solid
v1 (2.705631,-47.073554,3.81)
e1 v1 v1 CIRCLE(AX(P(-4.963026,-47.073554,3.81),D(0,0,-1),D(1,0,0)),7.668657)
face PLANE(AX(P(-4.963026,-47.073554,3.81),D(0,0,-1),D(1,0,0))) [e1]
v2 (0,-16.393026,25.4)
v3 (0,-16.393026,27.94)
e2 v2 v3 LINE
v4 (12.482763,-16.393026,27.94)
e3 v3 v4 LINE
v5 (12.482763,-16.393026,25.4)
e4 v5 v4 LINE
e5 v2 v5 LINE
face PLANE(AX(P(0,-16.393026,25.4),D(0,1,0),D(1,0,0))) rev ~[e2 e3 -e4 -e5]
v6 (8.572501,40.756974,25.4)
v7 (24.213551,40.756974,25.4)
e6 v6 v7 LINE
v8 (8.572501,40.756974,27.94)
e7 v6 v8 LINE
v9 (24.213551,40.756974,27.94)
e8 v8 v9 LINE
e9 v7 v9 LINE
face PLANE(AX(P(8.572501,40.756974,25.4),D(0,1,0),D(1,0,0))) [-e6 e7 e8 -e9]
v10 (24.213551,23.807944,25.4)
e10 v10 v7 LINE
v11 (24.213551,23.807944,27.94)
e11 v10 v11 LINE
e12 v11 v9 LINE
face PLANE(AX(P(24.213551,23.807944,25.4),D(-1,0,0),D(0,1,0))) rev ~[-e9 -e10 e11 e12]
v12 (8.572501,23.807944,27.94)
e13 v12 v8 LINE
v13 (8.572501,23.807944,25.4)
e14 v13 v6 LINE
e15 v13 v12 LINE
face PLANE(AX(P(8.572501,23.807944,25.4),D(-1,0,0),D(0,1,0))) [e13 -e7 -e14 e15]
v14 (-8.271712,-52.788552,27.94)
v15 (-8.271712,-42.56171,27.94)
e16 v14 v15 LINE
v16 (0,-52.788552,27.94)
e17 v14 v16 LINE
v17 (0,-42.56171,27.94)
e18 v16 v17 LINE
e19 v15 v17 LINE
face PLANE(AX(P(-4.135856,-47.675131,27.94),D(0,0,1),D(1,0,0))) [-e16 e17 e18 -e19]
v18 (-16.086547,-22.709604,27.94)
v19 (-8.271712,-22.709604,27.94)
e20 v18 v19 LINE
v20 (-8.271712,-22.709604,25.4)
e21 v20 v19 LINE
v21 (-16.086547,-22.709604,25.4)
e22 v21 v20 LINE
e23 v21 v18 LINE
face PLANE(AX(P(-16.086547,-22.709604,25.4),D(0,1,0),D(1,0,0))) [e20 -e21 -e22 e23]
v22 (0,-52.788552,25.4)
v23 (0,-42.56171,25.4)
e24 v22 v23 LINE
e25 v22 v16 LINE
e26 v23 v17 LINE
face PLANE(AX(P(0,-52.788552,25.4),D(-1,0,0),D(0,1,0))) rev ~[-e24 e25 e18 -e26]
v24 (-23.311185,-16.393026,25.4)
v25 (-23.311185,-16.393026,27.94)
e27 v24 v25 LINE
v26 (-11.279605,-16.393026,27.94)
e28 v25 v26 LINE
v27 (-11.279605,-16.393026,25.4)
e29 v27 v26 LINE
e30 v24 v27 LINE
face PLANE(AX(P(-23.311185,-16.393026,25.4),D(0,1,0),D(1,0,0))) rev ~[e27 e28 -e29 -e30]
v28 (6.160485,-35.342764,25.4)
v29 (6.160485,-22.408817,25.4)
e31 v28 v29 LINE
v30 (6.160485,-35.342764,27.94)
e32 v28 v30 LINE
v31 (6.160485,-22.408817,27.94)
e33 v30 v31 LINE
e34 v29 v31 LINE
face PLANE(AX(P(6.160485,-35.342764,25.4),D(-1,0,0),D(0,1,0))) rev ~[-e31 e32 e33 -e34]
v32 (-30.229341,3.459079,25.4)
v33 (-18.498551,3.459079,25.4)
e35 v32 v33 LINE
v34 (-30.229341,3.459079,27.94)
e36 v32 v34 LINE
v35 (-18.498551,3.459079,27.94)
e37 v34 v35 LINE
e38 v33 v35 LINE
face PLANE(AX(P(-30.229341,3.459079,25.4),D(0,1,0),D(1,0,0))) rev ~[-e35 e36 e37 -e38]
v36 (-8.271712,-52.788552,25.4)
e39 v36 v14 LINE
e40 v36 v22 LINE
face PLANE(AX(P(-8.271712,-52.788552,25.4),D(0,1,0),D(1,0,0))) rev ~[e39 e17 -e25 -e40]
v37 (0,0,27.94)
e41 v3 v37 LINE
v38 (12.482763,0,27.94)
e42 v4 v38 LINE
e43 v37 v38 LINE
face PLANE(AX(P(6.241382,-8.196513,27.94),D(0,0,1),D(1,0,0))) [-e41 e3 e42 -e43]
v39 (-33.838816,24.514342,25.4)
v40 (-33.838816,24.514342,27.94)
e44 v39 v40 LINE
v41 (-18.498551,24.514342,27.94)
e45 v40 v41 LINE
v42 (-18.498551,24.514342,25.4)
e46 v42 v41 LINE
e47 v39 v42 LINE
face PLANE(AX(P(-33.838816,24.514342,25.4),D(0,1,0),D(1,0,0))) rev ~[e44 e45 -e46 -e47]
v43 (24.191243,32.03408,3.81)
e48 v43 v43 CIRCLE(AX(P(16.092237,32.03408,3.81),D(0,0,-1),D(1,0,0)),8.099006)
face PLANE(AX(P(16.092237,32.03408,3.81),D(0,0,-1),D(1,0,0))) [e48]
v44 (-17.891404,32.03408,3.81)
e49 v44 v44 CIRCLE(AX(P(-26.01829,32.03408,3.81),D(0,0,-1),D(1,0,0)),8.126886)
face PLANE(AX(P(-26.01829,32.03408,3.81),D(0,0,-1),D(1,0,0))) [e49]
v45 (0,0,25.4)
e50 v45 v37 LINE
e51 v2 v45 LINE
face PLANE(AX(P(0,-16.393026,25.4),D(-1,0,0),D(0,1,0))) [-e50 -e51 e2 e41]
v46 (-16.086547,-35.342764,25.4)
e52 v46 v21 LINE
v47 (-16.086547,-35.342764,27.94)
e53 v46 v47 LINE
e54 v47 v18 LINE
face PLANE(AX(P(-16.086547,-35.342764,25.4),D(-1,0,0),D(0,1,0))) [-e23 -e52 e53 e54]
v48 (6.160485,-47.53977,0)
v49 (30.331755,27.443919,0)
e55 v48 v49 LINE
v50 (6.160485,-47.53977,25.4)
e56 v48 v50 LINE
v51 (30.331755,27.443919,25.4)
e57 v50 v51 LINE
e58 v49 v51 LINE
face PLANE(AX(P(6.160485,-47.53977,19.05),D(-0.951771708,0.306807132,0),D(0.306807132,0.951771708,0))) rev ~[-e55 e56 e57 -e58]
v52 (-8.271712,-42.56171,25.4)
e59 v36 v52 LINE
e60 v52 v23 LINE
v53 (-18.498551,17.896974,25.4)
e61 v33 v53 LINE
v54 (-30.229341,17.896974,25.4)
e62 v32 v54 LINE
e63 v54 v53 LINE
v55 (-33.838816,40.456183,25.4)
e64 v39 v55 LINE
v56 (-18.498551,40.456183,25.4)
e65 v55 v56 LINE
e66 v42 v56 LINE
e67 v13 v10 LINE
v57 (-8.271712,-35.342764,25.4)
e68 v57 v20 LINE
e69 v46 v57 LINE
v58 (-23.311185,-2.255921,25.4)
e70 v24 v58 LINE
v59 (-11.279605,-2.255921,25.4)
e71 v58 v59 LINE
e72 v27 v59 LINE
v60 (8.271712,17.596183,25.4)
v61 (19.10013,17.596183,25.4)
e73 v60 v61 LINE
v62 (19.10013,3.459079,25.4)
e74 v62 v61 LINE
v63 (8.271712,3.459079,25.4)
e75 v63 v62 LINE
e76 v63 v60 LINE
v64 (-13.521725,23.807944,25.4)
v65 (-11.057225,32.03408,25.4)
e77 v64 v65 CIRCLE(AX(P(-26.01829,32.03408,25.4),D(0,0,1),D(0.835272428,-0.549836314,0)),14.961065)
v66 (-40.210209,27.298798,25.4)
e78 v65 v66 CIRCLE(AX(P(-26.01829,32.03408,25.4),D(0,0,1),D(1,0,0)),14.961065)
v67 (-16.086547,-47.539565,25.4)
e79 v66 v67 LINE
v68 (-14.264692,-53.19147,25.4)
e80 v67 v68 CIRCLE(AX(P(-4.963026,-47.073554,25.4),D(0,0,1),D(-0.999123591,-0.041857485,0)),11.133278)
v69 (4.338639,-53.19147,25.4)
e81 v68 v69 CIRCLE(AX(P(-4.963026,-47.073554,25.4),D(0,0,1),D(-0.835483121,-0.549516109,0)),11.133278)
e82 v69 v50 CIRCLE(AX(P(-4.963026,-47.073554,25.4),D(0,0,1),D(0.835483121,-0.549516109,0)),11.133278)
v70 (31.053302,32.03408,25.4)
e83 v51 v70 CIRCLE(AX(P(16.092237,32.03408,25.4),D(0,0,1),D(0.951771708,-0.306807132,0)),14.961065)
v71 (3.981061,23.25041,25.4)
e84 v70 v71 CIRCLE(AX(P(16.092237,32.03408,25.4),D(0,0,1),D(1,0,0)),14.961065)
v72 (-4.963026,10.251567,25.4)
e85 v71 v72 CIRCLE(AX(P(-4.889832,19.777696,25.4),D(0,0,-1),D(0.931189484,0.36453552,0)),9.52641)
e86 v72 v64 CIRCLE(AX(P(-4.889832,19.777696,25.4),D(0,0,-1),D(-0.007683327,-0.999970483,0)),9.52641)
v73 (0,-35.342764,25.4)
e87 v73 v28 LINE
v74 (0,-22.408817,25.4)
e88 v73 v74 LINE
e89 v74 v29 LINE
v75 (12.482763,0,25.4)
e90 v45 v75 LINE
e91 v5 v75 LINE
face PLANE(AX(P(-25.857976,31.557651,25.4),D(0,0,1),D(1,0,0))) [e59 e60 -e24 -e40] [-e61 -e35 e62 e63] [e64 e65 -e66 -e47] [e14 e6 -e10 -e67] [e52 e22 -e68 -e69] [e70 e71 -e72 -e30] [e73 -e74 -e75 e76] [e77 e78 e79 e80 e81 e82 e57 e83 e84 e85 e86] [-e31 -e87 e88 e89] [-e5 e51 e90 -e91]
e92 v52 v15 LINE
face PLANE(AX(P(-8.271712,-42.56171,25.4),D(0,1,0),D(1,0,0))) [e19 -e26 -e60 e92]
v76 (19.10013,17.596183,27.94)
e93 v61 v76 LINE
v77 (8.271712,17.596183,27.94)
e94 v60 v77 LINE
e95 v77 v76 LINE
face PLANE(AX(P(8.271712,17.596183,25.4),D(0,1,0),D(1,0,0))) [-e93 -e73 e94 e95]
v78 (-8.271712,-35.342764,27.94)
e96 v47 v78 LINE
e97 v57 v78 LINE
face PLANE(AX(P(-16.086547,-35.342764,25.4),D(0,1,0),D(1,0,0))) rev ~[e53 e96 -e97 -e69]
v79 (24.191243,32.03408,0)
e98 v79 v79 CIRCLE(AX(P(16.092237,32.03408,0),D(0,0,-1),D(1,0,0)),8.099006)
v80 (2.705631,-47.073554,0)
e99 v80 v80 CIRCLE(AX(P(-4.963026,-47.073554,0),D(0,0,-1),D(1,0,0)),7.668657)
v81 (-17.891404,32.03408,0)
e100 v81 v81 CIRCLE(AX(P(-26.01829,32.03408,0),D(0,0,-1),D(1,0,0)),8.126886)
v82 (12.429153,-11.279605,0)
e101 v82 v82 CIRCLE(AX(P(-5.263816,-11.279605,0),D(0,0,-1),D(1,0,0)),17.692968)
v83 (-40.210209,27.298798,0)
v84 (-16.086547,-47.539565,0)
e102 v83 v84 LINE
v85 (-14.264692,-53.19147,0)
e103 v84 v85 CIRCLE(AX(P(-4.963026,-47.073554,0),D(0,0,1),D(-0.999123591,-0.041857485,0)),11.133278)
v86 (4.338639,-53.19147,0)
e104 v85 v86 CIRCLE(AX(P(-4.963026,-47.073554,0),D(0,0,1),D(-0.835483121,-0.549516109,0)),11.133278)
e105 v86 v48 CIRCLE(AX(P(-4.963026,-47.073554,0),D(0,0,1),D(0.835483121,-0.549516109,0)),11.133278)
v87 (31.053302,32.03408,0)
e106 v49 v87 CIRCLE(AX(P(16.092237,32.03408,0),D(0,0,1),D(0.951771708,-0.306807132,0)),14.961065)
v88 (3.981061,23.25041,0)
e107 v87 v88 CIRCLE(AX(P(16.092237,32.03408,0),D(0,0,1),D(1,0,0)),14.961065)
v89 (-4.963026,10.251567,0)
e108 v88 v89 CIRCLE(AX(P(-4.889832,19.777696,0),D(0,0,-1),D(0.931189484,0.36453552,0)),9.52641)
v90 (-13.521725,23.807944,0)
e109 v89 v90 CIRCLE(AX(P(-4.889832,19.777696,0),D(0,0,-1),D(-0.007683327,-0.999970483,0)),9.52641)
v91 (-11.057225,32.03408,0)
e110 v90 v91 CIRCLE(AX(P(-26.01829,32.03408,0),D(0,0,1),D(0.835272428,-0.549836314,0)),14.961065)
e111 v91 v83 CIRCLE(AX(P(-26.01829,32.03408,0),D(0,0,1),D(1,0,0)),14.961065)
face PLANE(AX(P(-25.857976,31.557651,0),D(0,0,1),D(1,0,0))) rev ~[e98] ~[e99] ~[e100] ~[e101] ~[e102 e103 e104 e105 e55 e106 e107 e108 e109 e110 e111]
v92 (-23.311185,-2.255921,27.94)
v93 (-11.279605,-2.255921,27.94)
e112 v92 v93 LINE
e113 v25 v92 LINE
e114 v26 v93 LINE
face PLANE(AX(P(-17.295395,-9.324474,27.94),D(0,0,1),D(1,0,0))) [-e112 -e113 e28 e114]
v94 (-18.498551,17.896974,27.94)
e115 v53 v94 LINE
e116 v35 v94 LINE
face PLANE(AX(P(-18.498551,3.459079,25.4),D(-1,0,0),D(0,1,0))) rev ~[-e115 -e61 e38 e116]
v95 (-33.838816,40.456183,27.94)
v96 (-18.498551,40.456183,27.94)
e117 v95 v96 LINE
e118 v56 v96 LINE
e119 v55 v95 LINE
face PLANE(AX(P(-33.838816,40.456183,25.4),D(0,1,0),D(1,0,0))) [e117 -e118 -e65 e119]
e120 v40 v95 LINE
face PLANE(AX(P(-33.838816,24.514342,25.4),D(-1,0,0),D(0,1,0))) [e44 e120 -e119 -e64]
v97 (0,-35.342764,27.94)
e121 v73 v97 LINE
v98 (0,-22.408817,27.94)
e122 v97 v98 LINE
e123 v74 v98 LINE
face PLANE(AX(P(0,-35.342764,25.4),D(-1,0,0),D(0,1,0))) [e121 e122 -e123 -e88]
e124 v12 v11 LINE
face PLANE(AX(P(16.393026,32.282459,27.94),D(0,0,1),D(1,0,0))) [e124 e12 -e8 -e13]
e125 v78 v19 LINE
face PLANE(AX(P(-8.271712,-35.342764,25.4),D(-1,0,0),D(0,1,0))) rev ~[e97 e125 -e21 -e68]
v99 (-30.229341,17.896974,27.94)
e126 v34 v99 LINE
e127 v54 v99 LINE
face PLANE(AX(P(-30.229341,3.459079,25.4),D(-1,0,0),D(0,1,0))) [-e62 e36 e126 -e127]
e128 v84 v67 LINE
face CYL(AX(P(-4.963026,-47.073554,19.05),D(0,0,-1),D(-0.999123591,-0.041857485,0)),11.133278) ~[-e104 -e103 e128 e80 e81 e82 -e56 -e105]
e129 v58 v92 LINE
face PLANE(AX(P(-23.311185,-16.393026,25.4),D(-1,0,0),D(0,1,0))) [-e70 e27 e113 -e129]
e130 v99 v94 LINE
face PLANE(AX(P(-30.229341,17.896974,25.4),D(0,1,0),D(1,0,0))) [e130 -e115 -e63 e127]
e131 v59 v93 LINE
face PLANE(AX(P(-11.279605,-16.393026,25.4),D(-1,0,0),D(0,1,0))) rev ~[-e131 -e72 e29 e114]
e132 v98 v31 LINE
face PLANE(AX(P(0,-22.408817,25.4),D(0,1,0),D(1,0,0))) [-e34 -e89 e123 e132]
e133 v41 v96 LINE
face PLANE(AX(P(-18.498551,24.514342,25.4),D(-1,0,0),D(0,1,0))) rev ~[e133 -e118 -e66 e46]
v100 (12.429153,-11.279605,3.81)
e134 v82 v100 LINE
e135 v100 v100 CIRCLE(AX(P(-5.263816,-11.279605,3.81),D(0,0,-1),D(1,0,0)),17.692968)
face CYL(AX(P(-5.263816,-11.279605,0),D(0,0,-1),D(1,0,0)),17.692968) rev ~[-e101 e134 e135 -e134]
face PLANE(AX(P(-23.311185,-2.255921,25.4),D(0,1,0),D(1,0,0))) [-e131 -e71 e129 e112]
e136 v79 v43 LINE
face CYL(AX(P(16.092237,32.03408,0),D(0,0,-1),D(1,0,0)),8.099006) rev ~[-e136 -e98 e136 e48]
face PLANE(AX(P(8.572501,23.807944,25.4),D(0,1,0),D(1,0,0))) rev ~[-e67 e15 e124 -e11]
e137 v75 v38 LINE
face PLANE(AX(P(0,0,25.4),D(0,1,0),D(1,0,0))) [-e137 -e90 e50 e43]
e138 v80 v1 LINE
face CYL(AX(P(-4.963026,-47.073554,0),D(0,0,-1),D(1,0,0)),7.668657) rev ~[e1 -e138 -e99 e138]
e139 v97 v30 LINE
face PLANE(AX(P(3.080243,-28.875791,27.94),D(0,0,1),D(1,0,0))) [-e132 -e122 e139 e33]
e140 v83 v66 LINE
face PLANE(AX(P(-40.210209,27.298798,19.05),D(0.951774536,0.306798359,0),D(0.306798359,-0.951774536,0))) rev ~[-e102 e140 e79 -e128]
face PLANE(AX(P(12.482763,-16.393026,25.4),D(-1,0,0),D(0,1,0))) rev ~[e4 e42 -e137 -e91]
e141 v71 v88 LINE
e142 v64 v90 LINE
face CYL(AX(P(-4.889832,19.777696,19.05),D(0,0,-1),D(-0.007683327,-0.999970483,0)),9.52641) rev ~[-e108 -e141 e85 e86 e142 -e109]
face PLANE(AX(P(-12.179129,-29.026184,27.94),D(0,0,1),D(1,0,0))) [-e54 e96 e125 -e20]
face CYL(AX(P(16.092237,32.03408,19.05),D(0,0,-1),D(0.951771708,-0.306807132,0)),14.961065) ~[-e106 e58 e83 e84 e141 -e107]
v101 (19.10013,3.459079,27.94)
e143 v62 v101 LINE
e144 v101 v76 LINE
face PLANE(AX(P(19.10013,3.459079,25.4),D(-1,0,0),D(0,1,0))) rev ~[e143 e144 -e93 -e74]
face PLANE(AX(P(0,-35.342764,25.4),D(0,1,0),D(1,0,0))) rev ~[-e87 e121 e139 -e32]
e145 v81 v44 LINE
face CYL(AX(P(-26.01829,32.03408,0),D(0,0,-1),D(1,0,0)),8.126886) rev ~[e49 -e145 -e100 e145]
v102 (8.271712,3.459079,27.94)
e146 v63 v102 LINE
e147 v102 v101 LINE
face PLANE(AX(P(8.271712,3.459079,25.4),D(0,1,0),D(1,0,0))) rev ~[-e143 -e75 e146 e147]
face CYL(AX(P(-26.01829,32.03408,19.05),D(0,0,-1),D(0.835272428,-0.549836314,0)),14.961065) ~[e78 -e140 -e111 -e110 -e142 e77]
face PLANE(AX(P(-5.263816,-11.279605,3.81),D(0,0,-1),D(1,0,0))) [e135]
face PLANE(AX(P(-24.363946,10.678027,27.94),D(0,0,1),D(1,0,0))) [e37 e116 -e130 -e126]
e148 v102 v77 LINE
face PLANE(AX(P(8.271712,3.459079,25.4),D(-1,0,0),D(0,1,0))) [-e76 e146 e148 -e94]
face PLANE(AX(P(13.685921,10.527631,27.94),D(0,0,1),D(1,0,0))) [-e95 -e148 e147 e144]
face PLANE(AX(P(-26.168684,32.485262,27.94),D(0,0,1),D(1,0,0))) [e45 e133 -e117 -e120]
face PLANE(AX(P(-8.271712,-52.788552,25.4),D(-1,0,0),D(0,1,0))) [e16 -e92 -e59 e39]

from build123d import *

# Parameters (mm, degrees)
F1_DEPTH = 19.05
F2_R     = 8.1268855098
F2_R_2   = 8.0990060786
F2_R_3   = 7.6686570694
F2_R_4   = 17.6929682903
F3_DEPTH = 3.81
F4_DEPTH = 6.35
F5_W     = 15.3402648866
F5_H     = 15.9418415278
F5_W_2   = 11.7307901382
F5_H_2   = 14.437895501
F5_W_3   = 12.0315793902
F5_H_3   = 14.1371053178
F5_W_4   = 7.8148348501
F5_H_4   = 12.6331597567
F5_W_5   = 8.2717118785
F5_H_5   = 10.226842016
F5_W_6   = 6.1604853713
F5_H_6   = 12.9339471459
F5_W_7   = 12.4827632681
F5_H_7   = 16.393026337
F5_W_8   = 10.8284177259
F5_H_8   = 14.1371043865
F5_W_9   = 15.6410494819
F5_H_9   = 16.9490305329
F6_DEPTH = 2.54


with BuildPart() as f1:
    # F0 (on Top) → F1 (new body)
    with BuildSketch(Plane.XY):
        with BuildLine():
            ThreePointArc((-13.5217250534, 23.8079438364), (-11.6865877588, 27.7403908158), (-11.0572251912, 32.0340804756))
            ThreePointArc((-11.0572251912, 32.0340804756), (-28.416960574, 46.8016068241), (-40.2102085436, 27.2987980688))
            ThreePointArc((-40.2102085436, 27.2987980688), (-27.9586692008, 17.1993784674), (-13.5217250534, 23.8079438364))
        make_face()
        with BuildLine():
            ThreePointArc((-13.5217250534, 23.8079438364), (-27.9586692008, 17.1993784674), (-40.2102085436, 27.2987980688))
            Line((-40.2102085436, 27.2987980688), (-16.0865467286, -47.5395652548))
            ThreePointArc((-16.0865467286, -47.5395652548), (-12.9985133333, -39.3676590618), (-4.963026382, -35.9402766009))
            Line((-4.963026382, -35.9402766009), (-4.963026382, 10.2515674402))
            ThreePointArc((-4.963026382, 10.2515674402), (-12.9451700449, 14.6920290982), (-13.5217250534, 23.8079438364))
        make_face()
        with BuildLine():
            Line((-14.2646919421, -53.1914696578), (-16.0865467286, -47.5395652548))
            ThreePointArc((-16.0865467286, -47.5395652548), (-15.5593965471, -50.4892255554), (-14.2646919421, -53.1914696578))
        make_face()
        with BuildLine():
            ThreePointArc((-4.963026382, -35.9402766009), (-12.9985133333, -39.3676590618), (-16.0865467286, -47.5395652548))
            Line((-16.0865467286, -47.5395652548), (-14.2646919421, -53.1914696578))
            ThreePointArc((-14.2646919421, -53.1914696578), (-4.963026382, -58.2068318943), (4.3386391781, -53.1914696578))
            Line((4.3386391781, -53.1914696578), (6.1604853713, -47.5397703272))
            ThreePointArc((6.1604853713, -47.5397703272), (6.1678095236, -47.3067134237), (6.1702512647, -47.0735542476))
            ThreePointArc((6.1702512647, -47.0735542476), (2.9093897388, -39.2011381268), (-4.963026382, -35.9402766009))
        make_face()
        with BuildLine():
            ThreePointArc((3.9810605477, 23.2504104806), (2.9582476584, 14.377684043), (-4.963026382, 10.2515674402))
            Line((-4.963026382, 10.2515674402), (-4.963026382, -35.9402766009))
            ThreePointArc((-4.963026382, -35.9402766009), (2.9093897388, -39.2011381268), (6.1702512647, -47.0735542476))
            ThreePointArc((6.1702512647, -47.0735542476), (6.1678095236, -47.3067134237), (6.1604853713, -47.5397703272))
            Line((6.1604853713, -47.5397703272), (30.331755145, 27.443919136))
            ThreePointArc((30.331755145, 27.443919136), (18.4435852345, 17.2589453635), (3.9810605477, 23.2504104806))
        make_face()
        with BuildLine():
            ThreePointArc((31.0533017431, 32.0340804756), (11.4750214501, 46.2648490943), (3.9810605477, 23.2504104806))
            ThreePointArc((3.9810605477, 23.2504104806), (18.4435852345, 17.2589453635), (30.331755145, 27.443919136))
            ThreePointArc((30.331755145, 27.443919136), (30.8718143134, 29.7108171125), (31.0533017431, 32.0340804756))
        make_face()
        with BuildLine():
            Line((6.1604853713, -47.5397703272), (4.3386391781, -53.1914696578))
            ThreePointArc((4.3386391781, -53.1914696578), (5.6333122971, -50.4893232323), (6.1604853713, -47.5397703272))
        make_face()
    extrude(amount=F1_DEPTH)

    # F2 (on face) → F3 (cut)
    with BuildSketch(Plane(origin=(0, 0, 0), x_dir=(1, 0, 0), z_dir=(0, 0, -1))):
        with Locations((-26.0182898492, -32.0340804756)):
            Circle(F2_R)
        with Locations((16.0922370851, -32.0340804756)):
            Circle(F2_R_2)
        with Locations((-4.963026382, 47.0735542476)):
            Circle(F2_R_3)
        with Locations((-5.263815634, 11.279605329)):
            Circle(F2_R_4)
    extrude(amount=-F3_DEPTH, mode=Mode.SUBTRACT)

    # F4 (add): a face of the model
    f4_faces = [f1.faces().sort_by_distance(p)[0] for p in [
        (-4.9663739945, 1.7972425915, 19.05),
    ]]
    extrude(f4_faces, amount=F4_DEPTH)

    # F5 (on face) → F6 (join)
    with BuildSketch(Plane.XY.offset(25.4)):
        with Locations((-26.1686835438, 32.4852624908)):
            Rectangle(F5_W, F5_H)
        with Locations((-24.3639461696, 10.6780267088)):
            Rectangle(F5_W_2, F5_H_2)
        with Locations((-17.2953950241, -9.3244736781)):
            Rectangle(F5_W_3, F5_H_3)
        with Locations((-12.1791293035, -29.026184231)):
            Rectangle(F5_W_4, F5_H_4)
        with Locations((-4.1358559392, -47.6751308888)):
            Rectangle(F5_W_5, F5_H_5)
        with Locations((3.0802426856, -28.8757905364)):
            Rectangle(F5_W_6, F5_H_6)
        with Locations((6.241381634, -8.1965131685)):
            Rectangle(F5_W_7, F5_H_7)
        with Locations((13.6859207414, 10.5276311515)):
            Rectangle(F5_W_8, F5_H_8)
        with Locations((16.3930258714, 32.2824591028)):
            Rectangle(F5_W_9, F5_H_9)
    extrude(amount=F6_DEPTH)


solid = f1.part
